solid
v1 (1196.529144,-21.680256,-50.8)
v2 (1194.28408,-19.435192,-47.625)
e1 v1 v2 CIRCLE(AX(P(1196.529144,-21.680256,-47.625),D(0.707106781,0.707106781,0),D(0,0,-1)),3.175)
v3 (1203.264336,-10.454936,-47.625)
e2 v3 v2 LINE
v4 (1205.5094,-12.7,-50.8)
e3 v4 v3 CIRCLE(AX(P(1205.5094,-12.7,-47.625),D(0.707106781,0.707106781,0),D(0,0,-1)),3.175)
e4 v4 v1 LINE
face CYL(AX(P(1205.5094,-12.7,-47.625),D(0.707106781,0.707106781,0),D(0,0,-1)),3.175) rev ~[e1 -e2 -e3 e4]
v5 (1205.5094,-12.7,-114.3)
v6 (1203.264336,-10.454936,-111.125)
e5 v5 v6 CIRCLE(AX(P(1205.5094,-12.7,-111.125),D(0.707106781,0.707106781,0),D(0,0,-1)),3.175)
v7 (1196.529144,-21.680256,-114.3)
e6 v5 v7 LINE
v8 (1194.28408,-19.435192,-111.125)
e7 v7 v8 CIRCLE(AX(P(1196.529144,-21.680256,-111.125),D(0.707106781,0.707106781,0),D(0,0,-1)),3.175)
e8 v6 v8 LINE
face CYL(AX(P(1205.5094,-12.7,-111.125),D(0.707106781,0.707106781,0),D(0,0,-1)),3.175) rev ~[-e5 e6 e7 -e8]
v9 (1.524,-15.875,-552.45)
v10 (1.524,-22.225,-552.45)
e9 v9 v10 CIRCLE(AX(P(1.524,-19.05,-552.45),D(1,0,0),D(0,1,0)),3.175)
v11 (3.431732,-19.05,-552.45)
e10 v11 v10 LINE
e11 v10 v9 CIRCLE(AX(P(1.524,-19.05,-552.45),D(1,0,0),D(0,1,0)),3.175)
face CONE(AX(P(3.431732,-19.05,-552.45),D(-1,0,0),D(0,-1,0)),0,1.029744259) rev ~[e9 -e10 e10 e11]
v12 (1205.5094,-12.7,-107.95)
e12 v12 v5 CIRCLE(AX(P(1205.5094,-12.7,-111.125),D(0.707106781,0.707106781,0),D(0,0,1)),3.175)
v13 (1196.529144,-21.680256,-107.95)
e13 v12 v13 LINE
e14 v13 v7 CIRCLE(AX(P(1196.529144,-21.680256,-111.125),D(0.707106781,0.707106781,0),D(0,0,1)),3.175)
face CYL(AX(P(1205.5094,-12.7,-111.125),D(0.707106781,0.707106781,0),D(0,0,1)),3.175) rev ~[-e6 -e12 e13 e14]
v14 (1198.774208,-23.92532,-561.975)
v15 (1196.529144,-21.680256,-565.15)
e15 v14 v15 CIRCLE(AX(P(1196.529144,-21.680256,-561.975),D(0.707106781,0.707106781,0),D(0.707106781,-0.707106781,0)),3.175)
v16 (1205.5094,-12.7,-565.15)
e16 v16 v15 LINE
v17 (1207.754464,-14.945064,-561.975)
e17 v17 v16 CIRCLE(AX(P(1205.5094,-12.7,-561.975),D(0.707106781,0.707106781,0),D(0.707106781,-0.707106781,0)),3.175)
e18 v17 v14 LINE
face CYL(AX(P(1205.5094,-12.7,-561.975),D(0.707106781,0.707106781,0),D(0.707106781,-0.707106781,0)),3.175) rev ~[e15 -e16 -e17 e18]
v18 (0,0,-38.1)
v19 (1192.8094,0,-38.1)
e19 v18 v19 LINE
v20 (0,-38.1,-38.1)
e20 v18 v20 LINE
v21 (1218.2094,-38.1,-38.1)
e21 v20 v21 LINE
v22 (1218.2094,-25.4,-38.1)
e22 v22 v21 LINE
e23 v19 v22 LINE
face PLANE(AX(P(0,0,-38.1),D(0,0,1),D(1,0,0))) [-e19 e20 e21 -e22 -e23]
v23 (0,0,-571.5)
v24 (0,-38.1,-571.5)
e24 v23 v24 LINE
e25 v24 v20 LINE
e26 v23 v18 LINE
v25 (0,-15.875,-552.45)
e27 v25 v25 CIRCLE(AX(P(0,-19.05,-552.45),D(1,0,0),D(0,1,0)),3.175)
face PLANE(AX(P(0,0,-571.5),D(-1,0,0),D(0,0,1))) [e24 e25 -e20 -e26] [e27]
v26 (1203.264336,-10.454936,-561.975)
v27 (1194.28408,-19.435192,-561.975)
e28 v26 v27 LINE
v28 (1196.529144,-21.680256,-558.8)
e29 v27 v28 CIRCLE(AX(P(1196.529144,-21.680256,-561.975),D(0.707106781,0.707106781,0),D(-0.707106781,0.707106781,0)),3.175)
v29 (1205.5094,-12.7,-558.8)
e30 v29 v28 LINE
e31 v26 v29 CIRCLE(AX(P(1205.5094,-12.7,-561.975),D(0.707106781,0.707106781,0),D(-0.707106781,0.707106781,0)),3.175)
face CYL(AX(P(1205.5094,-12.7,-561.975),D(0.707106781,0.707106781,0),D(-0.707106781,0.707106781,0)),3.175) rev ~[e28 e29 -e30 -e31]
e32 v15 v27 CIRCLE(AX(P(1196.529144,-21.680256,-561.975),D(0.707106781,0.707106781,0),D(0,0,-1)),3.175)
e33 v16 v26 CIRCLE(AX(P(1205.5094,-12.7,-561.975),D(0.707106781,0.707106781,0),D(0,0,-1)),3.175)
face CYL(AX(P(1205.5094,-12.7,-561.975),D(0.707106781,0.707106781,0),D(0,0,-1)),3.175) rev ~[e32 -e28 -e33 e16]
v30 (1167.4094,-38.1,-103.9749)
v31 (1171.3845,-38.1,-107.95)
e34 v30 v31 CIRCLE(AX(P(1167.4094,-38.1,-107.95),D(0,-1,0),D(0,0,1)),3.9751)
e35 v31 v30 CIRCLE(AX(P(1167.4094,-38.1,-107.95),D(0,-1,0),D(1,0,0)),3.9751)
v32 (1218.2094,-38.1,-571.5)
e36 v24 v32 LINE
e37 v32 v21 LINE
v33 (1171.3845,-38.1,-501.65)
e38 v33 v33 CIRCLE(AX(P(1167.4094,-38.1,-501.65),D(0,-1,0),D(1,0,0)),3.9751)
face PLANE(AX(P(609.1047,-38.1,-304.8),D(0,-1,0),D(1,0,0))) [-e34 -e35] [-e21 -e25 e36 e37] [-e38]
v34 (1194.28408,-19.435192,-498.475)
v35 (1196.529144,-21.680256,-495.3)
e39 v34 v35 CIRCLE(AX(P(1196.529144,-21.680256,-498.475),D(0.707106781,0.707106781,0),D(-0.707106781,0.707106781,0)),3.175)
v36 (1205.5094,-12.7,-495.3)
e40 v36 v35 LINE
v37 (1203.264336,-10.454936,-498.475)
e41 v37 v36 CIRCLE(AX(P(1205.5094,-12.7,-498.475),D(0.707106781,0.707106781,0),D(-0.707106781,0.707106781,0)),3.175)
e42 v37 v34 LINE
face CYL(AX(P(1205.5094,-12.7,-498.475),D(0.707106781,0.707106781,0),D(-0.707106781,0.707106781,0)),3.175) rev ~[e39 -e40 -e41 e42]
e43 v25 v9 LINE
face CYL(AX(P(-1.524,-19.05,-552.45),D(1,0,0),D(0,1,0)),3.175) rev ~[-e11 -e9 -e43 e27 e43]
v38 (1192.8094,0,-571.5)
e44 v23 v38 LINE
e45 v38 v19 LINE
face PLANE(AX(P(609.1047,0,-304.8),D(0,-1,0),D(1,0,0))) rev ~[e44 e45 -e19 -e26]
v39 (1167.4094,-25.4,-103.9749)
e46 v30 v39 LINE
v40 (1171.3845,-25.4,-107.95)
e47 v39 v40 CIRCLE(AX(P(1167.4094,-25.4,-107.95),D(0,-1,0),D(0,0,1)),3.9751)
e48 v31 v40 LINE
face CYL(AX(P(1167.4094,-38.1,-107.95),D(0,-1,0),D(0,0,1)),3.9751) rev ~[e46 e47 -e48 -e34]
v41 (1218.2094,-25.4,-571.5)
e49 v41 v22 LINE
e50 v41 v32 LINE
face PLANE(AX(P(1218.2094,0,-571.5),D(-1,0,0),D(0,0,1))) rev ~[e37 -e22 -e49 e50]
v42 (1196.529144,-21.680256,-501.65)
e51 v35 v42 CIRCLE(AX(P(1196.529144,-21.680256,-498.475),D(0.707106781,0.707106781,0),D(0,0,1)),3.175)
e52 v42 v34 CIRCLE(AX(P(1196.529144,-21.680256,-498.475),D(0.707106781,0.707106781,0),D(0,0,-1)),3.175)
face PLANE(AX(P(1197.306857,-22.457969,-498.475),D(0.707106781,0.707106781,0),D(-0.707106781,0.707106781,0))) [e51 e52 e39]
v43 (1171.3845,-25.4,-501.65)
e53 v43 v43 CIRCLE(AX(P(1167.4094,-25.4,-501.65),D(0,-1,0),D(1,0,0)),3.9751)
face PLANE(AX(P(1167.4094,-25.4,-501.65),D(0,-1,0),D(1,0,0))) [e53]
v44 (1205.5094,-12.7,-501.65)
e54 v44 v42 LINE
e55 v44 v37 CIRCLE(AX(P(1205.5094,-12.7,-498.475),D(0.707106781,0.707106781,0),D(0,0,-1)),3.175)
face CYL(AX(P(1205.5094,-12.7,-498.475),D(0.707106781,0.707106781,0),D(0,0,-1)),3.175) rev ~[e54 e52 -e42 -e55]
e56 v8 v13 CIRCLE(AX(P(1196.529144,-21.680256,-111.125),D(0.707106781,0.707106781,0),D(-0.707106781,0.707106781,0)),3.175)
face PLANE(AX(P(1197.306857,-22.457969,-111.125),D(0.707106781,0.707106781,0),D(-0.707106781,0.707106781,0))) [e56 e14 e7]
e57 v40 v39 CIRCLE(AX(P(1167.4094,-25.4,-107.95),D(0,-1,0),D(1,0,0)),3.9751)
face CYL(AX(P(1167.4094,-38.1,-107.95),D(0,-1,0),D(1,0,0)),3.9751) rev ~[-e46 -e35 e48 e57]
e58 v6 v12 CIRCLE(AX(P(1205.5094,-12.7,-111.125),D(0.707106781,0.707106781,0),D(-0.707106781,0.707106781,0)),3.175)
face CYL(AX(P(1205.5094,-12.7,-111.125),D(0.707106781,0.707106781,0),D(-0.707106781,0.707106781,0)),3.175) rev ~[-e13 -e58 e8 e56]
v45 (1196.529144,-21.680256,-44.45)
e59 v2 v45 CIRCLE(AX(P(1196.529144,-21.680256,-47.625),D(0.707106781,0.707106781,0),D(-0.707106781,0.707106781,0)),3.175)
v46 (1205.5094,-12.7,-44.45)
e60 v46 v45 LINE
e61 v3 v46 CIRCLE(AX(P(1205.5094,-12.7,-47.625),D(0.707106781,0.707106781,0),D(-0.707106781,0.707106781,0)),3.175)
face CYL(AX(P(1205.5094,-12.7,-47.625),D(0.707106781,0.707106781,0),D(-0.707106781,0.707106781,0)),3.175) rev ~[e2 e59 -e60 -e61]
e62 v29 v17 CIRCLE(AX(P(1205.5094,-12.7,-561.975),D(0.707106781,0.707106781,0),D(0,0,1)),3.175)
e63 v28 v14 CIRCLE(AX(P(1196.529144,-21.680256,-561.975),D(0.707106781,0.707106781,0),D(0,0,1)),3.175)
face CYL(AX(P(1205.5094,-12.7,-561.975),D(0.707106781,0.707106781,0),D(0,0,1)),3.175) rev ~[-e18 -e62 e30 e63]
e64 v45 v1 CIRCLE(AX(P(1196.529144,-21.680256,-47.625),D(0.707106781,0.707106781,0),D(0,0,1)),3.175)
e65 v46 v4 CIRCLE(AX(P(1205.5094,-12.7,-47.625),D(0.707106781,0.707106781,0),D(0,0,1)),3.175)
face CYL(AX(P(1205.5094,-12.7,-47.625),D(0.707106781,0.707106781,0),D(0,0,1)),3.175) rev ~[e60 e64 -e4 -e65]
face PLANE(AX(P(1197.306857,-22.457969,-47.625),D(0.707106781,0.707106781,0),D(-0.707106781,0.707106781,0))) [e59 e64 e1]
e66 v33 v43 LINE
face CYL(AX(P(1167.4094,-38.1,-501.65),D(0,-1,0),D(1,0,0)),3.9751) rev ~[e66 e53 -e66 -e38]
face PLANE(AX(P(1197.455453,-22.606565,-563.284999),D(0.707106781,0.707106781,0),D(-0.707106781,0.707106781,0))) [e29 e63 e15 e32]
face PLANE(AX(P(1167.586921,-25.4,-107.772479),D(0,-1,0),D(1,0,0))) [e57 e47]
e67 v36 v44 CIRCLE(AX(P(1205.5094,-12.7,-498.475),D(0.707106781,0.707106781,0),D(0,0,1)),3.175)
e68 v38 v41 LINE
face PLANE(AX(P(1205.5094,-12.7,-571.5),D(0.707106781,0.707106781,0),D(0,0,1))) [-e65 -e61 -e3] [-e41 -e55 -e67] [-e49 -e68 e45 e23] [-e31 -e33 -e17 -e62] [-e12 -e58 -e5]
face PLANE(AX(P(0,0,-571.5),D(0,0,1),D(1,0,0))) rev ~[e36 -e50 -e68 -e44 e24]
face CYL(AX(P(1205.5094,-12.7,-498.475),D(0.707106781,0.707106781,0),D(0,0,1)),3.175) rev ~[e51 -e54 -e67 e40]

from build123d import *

# Parameters (mm, degrees)
F0_W     = 1218.2094
F0_H     = 533.4
F1_DEPTH = 38.1
F3_D     = 6.35
F3_DEPTH = 1.524
F3_TIP   = 1.9077324654
F4_SIZE2 = 25.4
F4_SIZE  = 25.4
F6_DEPTH = 12.7
F7_R     = 3.9751
F8_DEPTH = 12.7


with BuildPart() as f1:
    # F0 (on Front) → F1 (new body)
    with BuildSketch(Plane.XZ):
        with Locations((609.1047, -304.8)):
            Rectangle(F0_W, F0_H)
    extrude(amount=F1_DEPTH)

    # F3
    with Locations(Plane(origin=(0, 0, 0), x_dir=(0, -1, 0), z_dir=(-1, 0, 0))):
        with Locations((19.05, -552.45), (19.05, -590.55)):
            Hole(F3_D / 2, depth=F3_DEPTH)
            with Locations((0, 0, -(F3_DEPTH + F3_TIP / 2))):  # 118° drill point
                Cone(0, F3_D / 2, F3_TIP, mode=Mode.SUBTRACT)

    # F4
    f4_edges = [f1.edges().sort_by_distance(p)[0] for p in [
        (1218.2094, 0, -304.8),
    ]]
    chamfer(f4_edges, length=F4_SIZE, length2=F4_SIZE2)

    # F5 (on face) → F6 (cut)
    with BuildSketch(Plane(origin=(596.4047, 596.4047, 0), x_dir=(-0.7071067812, 0.7071067812, 0), z_dir=(0.7071067812, 0.7071067812, 0))):
        with BuildLine():
            ThreePointArc((-864.5791276452, -561.975), (-863.6491916755, -564.2200640303), (-861.4041276452, -565.15))
            Line((-861.4041276452, -565.15), (-861.4041276452, -561.975))
            Line((-861.4041276452, -561.975), (-864.5791276452, -561.975))
        make_face()
        with BuildLine():
            ThreePointArc((-861.4041276452, -44.45), (-864.5791276452, -47.625), (-861.4041276452, -50.8))
            Line((-861.4041276452, -50.8), (-861.4041276452, -44.45))
        make_face()
        with BuildLine():
            Line((-861.4041276452, -44.45), (-861.4041276452, -50.8))
            ThreePointArc((-861.4041276452, -50.8), (-859.1590636149, -49.8700640303), (-858.2291276452, -47.625))
            ThreePointArc((-858.2291276452, -47.625), (-859.1590636149, -45.3799359697), (-861.4041276452, -44.45))
        make_face()
        with BuildLine():
            ThreePointArc((-861.4041276452, -107.95), (-864.5791276452, -111.125), (-861.4041276452, -114.3))
            Line((-861.4041276452, -114.3), (-861.4041276452, -107.95))
        make_face()
        with BuildLine():
            Line((-861.4041276452, -107.95), (-861.4041276452, -114.3))
            ThreePointArc((-861.4041276452, -114.3), (-859.1590636149, -113.3700640303), (-858.2291276452, -111.125))
            ThreePointArc((-858.2291276452, -111.125), (-859.1590636149, -108.8799359697), (-861.4041276452, -107.95))
        make_face()
        with BuildLine():
            ThreePointArc((-861.4041276452, -495.3), (-864.5791276452, -498.475), (-861.4041276452, -501.65))
            Line((-861.4041276452, -501.65), (-861.4041276452, -498.475))
            Line((-861.4041276452, -498.475), (-861.4041276452, -495.3))
        make_face()
        with BuildLine():
            Line((-861.4041276452, -498.475), (-861.4041276452, -501.65))
            ThreePointArc((-861.4041276452, -501.65), (-859.1590636149, -500.7200640303), (-858.2291276452, -498.475))
            ThreePointArc((-858.2291276452, -498.475), (-859.1590636149, -496.2299359697), (-861.4041276452, -495.3))
            Line((-861.4041276452, -495.3), (-861.4041276452, -498.475))
        make_face()
        with BuildLine():
            Line((-861.4041276452, -561.975), (-861.4041276452, -565.15))
            ThreePointArc((-861.4041276452, -565.15), (-859.1590636149, -564.2200640303), (-858.2291276452, -561.975))
            ThreePointArc((-858.2291276452, -561.975), (-859.1590636149, -559.7299359697), (-861.4041276452, -558.8))
            Line((-861.4041276452, -558.8), (-861.4041276452, -561.975))
        make_face()
        with BuildLine():
            Line((-864.5791276452, -561.975), (-861.4041276452, -561.975))
            Line((-861.4041276452, -561.975), (-861.4041276452, -558.8))
            ThreePointArc((-861.4041276452, -558.8), (-863.6491916755, -559.7299359697), (-864.5791276452, -561.975))
        make_face()
    extrude(amount=-F6_DEPTH, mode=Mode.SUBTRACT)

    # F7 (on face) → F8 (cut)
    with BuildSketch(Plane.XZ.offset(38.1)):
        with BuildLine():
            ThreePointArc((1167.4094, -103.9749), (1164.5985798341, -110.7608201659), (1171.3845, -107.95))
            ThreePointArc((1171.3845, -107.95), (1170.2202201659, -105.1391798341), (1167.4094, -103.9749))
        make_face()
        with Locations((1167.4094, -501.65)):
            Circle(F7_R)
    extrude(amount=-F8_DEPTH, mode=Mode.SUBTRACT)


solid = f1.part
